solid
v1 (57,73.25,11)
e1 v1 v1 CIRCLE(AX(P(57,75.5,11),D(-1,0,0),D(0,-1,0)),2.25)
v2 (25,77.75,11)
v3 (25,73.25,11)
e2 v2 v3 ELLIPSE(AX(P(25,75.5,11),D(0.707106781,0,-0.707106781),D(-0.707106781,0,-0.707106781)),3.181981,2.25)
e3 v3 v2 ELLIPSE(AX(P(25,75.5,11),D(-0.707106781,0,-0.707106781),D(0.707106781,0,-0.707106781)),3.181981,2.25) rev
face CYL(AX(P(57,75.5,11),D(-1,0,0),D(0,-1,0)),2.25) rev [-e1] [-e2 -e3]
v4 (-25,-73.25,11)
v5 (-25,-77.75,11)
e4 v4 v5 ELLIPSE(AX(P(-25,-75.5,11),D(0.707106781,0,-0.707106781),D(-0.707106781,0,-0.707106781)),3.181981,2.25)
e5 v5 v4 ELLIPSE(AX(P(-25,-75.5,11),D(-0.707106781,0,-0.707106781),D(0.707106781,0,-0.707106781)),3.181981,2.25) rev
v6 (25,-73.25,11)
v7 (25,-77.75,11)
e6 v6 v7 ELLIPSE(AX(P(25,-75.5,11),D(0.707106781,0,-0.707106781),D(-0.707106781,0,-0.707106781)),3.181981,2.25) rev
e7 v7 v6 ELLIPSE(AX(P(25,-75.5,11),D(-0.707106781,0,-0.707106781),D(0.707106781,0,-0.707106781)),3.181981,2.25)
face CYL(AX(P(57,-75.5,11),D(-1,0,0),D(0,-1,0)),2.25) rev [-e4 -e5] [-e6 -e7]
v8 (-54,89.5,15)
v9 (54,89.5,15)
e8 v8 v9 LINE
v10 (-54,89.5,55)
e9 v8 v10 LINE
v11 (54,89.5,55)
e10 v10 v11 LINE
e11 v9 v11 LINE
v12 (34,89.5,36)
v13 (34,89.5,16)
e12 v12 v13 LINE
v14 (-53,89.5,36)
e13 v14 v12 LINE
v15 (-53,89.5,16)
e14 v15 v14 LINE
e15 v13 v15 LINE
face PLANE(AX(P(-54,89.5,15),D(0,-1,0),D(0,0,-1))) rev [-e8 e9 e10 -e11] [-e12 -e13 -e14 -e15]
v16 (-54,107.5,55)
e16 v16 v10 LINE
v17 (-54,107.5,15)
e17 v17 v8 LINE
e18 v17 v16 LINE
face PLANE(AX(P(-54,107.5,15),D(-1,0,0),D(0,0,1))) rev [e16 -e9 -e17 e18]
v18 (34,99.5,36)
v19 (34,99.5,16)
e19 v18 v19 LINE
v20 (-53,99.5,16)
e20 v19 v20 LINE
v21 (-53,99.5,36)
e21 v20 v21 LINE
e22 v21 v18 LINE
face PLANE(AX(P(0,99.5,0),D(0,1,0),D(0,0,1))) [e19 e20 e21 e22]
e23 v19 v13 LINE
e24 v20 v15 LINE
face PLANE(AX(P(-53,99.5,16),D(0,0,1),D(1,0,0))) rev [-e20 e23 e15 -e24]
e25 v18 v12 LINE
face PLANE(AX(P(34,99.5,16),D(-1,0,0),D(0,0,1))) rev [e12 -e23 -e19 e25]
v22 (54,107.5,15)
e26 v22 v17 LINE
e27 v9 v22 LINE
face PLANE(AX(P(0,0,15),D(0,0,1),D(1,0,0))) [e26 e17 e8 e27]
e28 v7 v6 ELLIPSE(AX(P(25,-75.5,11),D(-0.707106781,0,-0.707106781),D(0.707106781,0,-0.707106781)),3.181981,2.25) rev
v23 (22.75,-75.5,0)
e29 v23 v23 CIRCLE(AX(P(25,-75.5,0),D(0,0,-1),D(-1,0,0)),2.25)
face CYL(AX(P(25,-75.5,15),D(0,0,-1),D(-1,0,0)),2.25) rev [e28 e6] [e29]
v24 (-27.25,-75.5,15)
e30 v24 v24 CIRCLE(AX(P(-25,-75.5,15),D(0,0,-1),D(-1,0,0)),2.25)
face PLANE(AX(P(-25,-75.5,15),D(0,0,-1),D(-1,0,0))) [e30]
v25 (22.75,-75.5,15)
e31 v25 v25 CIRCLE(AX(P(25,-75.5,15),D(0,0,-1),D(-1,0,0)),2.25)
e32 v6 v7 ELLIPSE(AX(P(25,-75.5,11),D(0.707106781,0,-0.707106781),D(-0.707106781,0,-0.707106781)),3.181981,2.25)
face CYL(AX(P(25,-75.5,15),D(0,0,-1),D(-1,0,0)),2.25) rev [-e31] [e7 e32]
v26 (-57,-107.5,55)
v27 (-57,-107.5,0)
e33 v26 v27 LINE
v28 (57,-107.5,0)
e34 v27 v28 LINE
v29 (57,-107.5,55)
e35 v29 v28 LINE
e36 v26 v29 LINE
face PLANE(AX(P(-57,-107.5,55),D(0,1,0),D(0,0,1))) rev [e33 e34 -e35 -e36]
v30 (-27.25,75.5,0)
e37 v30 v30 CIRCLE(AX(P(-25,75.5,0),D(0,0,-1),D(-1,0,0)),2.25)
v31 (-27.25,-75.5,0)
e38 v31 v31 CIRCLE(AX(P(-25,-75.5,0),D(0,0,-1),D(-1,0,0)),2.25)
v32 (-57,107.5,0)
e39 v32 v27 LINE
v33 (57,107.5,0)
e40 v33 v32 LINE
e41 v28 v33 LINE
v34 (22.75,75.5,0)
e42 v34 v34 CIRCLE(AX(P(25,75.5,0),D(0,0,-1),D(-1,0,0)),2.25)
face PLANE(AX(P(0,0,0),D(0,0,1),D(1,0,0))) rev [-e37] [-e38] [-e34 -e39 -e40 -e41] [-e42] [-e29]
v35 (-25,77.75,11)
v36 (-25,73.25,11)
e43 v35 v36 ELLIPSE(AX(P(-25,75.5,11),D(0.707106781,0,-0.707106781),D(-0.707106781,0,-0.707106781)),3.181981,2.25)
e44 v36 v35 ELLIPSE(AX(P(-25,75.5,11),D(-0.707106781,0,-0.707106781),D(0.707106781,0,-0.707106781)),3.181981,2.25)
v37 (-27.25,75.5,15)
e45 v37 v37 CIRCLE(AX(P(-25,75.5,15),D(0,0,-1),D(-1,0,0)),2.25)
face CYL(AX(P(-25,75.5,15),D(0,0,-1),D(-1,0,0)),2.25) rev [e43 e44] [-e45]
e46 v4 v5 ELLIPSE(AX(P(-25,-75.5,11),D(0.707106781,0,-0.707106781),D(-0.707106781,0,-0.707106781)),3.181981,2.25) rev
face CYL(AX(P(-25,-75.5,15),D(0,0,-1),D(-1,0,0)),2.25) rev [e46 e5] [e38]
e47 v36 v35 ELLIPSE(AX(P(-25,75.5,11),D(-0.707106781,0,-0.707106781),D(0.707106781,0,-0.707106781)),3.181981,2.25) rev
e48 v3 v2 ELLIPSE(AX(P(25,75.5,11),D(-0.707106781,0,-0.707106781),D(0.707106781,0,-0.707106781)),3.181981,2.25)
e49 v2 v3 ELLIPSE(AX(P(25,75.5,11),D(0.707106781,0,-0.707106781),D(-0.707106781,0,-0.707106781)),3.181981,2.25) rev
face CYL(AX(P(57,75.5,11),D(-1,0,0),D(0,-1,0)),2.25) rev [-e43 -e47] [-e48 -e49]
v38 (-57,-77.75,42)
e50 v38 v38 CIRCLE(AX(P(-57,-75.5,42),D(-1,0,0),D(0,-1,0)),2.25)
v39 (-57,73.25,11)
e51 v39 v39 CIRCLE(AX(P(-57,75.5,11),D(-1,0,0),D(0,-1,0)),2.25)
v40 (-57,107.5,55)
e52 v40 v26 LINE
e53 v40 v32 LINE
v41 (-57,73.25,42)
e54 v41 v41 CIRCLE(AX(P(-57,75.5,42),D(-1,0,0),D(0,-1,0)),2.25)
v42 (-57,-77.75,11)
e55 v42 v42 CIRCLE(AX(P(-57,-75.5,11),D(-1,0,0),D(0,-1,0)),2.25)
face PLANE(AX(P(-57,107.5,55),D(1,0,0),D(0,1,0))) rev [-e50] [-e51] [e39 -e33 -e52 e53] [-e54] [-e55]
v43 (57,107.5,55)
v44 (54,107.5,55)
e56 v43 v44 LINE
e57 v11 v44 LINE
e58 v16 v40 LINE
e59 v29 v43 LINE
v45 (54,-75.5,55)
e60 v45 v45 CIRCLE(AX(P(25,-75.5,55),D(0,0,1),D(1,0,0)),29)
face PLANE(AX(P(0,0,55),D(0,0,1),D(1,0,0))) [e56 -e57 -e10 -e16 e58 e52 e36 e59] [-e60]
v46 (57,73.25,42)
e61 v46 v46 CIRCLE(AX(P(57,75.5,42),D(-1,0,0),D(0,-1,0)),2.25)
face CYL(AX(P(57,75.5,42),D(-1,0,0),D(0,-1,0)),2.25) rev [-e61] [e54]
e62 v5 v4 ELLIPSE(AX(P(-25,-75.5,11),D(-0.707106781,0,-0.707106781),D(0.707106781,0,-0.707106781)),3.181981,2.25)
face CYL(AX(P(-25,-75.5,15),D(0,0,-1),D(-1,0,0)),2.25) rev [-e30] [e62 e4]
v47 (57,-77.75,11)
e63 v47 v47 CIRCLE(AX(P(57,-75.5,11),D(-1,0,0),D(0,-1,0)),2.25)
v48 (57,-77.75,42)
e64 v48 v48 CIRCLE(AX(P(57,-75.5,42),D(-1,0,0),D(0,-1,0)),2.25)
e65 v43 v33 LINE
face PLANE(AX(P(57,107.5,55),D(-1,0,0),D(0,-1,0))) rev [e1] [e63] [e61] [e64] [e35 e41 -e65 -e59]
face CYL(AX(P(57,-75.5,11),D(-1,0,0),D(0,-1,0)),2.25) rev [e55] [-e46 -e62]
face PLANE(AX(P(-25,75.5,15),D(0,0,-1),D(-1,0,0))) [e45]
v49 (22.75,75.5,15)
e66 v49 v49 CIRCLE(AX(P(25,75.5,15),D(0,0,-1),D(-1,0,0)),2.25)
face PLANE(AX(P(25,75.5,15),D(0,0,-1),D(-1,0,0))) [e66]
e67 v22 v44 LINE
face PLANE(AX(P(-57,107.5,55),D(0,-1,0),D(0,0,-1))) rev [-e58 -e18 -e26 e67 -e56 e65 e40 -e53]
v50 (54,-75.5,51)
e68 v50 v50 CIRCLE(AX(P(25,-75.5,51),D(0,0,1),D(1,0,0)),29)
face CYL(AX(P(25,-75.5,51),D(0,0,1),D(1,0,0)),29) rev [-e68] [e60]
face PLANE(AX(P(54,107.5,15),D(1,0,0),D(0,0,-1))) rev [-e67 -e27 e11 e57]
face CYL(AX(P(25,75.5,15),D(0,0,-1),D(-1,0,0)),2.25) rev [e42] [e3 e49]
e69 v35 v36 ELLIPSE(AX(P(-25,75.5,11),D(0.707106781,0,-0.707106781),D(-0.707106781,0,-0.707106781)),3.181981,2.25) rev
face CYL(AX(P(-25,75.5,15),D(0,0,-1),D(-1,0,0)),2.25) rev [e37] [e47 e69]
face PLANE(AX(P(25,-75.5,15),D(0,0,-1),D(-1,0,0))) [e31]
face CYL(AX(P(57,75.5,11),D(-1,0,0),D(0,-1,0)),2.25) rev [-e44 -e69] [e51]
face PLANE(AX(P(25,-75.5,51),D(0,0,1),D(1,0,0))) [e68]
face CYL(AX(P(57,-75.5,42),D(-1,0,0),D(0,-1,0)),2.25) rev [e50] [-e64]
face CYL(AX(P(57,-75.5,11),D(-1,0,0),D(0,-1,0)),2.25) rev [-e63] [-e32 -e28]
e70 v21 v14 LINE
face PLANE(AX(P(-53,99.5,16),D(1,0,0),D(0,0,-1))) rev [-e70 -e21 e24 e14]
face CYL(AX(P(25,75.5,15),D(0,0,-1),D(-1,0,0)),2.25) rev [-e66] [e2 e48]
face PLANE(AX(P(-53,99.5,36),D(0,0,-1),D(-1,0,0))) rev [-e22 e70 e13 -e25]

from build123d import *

# Parameters (mm, degrees)
SKETCH1_W           = 114
SKETCH1_H           = 215
BOSS_EXTRUDE1_DEPTH = 55
SKETCH2_W           = 108
SKETCH2_H           = 18
CUT_EXTRUDE1_DEPTH  = 40
SKETCH3_W           = 87
SKETCH3_H           = 20
BOSS_EXTRUDE2_DEPTH = 10
SKETCH4_R           = 29
CUT_EXTRUDE3_DEPTH  = 4
SKETCH5_R           = 2.25
CUT_EXTRUDE4_DEPTH  = 15
SKETCH6_R           = 2.25
CUT_EXTRUDE5_DEPTH  = 167.063993689


with BuildPart() as part:
    # Sketch1 → Boss-Extrude1 (new body)
    with BuildSketch(Plane.XY):
        Rectangle(SKETCH1_W, SKETCH1_H)
    extrude(amount=BOSS_EXTRUDE1_DEPTH)

    # Sketch2 → Cut-Extrude1 (cut)
    with BuildSketch(Plane.XY.offset(55)):
        with Locations((0, 98.5)):
            Rectangle(SKETCH2_W, SKETCH2_H)
    extrude(amount=-CUT_EXTRUDE1_DEPTH, mode=Mode.SUBTRACT)

    # Sketch3 → Boss-Extrude2 (add)
    with BuildSketch(Plane(origin=(0, 89.5, 0), x_dir=(1, 0, 0), z_dir=(0, 1, 0))):
        with Locations((-9.5, -26)):
            Rectangle(SKETCH3_W, SKETCH3_H)
    extrude(amount=BOSS_EXTRUDE2_DEPTH)

    # Sketch4 → Cut-Extrude3 (cut)
    with BuildSketch(Plane.XY.offset(55)):
        with Locations((25, -75.5)):
            Circle(SKETCH4_R)
    extrude(amount=-CUT_EXTRUDE3_DEPTH, mode=Mode.SUBTRACT)

    # Sketch5 → Cut-Extrude4 (cut)
    with BuildSketch(Plane(origin=(0, 0, 0), x_dir=(-1, 0, 0), z_dir=(0, 0, -1))):
        with Locations((-25, 75.5)):
            Circle(SKETCH5_R)
        with Locations((25, 75.5)):
            Circle(SKETCH5_R)
        with Locations((25, -75.5)):
            Circle(SKETCH5_R)
        with Locations((-25, -75.5)):
            Circle(SKETCH5_R)
    extrude(amount=-CUT_EXTRUDE4_DEPTH, mode=Mode.SUBTRACT)

    # Sketch6 → Cut-Extrude5 (cut, through all)
    with BuildSketch(Plane.ZY.offset(57)):
        with Locations(Location((11, 75.5, 0), (0, 0, 270))):
            Circle(SKETCH6_R)
        with Locations(Location((42, 75.5, 0), (0, 0, 270))):
            Circle(SKETCH6_R)
        with Locations(Location((42, -75.5, 0), (0, 0, 270))):
            Circle(SKETCH6_R)
        with Locations(Location((11, -75.5, 0), (0, 0, 270))):
            Circle(SKETCH6_R)
    extrude(amount=-CUT_EXTRUDE5_DEPTH, mode=Mode.SUBTRACT)


solid = part.part
